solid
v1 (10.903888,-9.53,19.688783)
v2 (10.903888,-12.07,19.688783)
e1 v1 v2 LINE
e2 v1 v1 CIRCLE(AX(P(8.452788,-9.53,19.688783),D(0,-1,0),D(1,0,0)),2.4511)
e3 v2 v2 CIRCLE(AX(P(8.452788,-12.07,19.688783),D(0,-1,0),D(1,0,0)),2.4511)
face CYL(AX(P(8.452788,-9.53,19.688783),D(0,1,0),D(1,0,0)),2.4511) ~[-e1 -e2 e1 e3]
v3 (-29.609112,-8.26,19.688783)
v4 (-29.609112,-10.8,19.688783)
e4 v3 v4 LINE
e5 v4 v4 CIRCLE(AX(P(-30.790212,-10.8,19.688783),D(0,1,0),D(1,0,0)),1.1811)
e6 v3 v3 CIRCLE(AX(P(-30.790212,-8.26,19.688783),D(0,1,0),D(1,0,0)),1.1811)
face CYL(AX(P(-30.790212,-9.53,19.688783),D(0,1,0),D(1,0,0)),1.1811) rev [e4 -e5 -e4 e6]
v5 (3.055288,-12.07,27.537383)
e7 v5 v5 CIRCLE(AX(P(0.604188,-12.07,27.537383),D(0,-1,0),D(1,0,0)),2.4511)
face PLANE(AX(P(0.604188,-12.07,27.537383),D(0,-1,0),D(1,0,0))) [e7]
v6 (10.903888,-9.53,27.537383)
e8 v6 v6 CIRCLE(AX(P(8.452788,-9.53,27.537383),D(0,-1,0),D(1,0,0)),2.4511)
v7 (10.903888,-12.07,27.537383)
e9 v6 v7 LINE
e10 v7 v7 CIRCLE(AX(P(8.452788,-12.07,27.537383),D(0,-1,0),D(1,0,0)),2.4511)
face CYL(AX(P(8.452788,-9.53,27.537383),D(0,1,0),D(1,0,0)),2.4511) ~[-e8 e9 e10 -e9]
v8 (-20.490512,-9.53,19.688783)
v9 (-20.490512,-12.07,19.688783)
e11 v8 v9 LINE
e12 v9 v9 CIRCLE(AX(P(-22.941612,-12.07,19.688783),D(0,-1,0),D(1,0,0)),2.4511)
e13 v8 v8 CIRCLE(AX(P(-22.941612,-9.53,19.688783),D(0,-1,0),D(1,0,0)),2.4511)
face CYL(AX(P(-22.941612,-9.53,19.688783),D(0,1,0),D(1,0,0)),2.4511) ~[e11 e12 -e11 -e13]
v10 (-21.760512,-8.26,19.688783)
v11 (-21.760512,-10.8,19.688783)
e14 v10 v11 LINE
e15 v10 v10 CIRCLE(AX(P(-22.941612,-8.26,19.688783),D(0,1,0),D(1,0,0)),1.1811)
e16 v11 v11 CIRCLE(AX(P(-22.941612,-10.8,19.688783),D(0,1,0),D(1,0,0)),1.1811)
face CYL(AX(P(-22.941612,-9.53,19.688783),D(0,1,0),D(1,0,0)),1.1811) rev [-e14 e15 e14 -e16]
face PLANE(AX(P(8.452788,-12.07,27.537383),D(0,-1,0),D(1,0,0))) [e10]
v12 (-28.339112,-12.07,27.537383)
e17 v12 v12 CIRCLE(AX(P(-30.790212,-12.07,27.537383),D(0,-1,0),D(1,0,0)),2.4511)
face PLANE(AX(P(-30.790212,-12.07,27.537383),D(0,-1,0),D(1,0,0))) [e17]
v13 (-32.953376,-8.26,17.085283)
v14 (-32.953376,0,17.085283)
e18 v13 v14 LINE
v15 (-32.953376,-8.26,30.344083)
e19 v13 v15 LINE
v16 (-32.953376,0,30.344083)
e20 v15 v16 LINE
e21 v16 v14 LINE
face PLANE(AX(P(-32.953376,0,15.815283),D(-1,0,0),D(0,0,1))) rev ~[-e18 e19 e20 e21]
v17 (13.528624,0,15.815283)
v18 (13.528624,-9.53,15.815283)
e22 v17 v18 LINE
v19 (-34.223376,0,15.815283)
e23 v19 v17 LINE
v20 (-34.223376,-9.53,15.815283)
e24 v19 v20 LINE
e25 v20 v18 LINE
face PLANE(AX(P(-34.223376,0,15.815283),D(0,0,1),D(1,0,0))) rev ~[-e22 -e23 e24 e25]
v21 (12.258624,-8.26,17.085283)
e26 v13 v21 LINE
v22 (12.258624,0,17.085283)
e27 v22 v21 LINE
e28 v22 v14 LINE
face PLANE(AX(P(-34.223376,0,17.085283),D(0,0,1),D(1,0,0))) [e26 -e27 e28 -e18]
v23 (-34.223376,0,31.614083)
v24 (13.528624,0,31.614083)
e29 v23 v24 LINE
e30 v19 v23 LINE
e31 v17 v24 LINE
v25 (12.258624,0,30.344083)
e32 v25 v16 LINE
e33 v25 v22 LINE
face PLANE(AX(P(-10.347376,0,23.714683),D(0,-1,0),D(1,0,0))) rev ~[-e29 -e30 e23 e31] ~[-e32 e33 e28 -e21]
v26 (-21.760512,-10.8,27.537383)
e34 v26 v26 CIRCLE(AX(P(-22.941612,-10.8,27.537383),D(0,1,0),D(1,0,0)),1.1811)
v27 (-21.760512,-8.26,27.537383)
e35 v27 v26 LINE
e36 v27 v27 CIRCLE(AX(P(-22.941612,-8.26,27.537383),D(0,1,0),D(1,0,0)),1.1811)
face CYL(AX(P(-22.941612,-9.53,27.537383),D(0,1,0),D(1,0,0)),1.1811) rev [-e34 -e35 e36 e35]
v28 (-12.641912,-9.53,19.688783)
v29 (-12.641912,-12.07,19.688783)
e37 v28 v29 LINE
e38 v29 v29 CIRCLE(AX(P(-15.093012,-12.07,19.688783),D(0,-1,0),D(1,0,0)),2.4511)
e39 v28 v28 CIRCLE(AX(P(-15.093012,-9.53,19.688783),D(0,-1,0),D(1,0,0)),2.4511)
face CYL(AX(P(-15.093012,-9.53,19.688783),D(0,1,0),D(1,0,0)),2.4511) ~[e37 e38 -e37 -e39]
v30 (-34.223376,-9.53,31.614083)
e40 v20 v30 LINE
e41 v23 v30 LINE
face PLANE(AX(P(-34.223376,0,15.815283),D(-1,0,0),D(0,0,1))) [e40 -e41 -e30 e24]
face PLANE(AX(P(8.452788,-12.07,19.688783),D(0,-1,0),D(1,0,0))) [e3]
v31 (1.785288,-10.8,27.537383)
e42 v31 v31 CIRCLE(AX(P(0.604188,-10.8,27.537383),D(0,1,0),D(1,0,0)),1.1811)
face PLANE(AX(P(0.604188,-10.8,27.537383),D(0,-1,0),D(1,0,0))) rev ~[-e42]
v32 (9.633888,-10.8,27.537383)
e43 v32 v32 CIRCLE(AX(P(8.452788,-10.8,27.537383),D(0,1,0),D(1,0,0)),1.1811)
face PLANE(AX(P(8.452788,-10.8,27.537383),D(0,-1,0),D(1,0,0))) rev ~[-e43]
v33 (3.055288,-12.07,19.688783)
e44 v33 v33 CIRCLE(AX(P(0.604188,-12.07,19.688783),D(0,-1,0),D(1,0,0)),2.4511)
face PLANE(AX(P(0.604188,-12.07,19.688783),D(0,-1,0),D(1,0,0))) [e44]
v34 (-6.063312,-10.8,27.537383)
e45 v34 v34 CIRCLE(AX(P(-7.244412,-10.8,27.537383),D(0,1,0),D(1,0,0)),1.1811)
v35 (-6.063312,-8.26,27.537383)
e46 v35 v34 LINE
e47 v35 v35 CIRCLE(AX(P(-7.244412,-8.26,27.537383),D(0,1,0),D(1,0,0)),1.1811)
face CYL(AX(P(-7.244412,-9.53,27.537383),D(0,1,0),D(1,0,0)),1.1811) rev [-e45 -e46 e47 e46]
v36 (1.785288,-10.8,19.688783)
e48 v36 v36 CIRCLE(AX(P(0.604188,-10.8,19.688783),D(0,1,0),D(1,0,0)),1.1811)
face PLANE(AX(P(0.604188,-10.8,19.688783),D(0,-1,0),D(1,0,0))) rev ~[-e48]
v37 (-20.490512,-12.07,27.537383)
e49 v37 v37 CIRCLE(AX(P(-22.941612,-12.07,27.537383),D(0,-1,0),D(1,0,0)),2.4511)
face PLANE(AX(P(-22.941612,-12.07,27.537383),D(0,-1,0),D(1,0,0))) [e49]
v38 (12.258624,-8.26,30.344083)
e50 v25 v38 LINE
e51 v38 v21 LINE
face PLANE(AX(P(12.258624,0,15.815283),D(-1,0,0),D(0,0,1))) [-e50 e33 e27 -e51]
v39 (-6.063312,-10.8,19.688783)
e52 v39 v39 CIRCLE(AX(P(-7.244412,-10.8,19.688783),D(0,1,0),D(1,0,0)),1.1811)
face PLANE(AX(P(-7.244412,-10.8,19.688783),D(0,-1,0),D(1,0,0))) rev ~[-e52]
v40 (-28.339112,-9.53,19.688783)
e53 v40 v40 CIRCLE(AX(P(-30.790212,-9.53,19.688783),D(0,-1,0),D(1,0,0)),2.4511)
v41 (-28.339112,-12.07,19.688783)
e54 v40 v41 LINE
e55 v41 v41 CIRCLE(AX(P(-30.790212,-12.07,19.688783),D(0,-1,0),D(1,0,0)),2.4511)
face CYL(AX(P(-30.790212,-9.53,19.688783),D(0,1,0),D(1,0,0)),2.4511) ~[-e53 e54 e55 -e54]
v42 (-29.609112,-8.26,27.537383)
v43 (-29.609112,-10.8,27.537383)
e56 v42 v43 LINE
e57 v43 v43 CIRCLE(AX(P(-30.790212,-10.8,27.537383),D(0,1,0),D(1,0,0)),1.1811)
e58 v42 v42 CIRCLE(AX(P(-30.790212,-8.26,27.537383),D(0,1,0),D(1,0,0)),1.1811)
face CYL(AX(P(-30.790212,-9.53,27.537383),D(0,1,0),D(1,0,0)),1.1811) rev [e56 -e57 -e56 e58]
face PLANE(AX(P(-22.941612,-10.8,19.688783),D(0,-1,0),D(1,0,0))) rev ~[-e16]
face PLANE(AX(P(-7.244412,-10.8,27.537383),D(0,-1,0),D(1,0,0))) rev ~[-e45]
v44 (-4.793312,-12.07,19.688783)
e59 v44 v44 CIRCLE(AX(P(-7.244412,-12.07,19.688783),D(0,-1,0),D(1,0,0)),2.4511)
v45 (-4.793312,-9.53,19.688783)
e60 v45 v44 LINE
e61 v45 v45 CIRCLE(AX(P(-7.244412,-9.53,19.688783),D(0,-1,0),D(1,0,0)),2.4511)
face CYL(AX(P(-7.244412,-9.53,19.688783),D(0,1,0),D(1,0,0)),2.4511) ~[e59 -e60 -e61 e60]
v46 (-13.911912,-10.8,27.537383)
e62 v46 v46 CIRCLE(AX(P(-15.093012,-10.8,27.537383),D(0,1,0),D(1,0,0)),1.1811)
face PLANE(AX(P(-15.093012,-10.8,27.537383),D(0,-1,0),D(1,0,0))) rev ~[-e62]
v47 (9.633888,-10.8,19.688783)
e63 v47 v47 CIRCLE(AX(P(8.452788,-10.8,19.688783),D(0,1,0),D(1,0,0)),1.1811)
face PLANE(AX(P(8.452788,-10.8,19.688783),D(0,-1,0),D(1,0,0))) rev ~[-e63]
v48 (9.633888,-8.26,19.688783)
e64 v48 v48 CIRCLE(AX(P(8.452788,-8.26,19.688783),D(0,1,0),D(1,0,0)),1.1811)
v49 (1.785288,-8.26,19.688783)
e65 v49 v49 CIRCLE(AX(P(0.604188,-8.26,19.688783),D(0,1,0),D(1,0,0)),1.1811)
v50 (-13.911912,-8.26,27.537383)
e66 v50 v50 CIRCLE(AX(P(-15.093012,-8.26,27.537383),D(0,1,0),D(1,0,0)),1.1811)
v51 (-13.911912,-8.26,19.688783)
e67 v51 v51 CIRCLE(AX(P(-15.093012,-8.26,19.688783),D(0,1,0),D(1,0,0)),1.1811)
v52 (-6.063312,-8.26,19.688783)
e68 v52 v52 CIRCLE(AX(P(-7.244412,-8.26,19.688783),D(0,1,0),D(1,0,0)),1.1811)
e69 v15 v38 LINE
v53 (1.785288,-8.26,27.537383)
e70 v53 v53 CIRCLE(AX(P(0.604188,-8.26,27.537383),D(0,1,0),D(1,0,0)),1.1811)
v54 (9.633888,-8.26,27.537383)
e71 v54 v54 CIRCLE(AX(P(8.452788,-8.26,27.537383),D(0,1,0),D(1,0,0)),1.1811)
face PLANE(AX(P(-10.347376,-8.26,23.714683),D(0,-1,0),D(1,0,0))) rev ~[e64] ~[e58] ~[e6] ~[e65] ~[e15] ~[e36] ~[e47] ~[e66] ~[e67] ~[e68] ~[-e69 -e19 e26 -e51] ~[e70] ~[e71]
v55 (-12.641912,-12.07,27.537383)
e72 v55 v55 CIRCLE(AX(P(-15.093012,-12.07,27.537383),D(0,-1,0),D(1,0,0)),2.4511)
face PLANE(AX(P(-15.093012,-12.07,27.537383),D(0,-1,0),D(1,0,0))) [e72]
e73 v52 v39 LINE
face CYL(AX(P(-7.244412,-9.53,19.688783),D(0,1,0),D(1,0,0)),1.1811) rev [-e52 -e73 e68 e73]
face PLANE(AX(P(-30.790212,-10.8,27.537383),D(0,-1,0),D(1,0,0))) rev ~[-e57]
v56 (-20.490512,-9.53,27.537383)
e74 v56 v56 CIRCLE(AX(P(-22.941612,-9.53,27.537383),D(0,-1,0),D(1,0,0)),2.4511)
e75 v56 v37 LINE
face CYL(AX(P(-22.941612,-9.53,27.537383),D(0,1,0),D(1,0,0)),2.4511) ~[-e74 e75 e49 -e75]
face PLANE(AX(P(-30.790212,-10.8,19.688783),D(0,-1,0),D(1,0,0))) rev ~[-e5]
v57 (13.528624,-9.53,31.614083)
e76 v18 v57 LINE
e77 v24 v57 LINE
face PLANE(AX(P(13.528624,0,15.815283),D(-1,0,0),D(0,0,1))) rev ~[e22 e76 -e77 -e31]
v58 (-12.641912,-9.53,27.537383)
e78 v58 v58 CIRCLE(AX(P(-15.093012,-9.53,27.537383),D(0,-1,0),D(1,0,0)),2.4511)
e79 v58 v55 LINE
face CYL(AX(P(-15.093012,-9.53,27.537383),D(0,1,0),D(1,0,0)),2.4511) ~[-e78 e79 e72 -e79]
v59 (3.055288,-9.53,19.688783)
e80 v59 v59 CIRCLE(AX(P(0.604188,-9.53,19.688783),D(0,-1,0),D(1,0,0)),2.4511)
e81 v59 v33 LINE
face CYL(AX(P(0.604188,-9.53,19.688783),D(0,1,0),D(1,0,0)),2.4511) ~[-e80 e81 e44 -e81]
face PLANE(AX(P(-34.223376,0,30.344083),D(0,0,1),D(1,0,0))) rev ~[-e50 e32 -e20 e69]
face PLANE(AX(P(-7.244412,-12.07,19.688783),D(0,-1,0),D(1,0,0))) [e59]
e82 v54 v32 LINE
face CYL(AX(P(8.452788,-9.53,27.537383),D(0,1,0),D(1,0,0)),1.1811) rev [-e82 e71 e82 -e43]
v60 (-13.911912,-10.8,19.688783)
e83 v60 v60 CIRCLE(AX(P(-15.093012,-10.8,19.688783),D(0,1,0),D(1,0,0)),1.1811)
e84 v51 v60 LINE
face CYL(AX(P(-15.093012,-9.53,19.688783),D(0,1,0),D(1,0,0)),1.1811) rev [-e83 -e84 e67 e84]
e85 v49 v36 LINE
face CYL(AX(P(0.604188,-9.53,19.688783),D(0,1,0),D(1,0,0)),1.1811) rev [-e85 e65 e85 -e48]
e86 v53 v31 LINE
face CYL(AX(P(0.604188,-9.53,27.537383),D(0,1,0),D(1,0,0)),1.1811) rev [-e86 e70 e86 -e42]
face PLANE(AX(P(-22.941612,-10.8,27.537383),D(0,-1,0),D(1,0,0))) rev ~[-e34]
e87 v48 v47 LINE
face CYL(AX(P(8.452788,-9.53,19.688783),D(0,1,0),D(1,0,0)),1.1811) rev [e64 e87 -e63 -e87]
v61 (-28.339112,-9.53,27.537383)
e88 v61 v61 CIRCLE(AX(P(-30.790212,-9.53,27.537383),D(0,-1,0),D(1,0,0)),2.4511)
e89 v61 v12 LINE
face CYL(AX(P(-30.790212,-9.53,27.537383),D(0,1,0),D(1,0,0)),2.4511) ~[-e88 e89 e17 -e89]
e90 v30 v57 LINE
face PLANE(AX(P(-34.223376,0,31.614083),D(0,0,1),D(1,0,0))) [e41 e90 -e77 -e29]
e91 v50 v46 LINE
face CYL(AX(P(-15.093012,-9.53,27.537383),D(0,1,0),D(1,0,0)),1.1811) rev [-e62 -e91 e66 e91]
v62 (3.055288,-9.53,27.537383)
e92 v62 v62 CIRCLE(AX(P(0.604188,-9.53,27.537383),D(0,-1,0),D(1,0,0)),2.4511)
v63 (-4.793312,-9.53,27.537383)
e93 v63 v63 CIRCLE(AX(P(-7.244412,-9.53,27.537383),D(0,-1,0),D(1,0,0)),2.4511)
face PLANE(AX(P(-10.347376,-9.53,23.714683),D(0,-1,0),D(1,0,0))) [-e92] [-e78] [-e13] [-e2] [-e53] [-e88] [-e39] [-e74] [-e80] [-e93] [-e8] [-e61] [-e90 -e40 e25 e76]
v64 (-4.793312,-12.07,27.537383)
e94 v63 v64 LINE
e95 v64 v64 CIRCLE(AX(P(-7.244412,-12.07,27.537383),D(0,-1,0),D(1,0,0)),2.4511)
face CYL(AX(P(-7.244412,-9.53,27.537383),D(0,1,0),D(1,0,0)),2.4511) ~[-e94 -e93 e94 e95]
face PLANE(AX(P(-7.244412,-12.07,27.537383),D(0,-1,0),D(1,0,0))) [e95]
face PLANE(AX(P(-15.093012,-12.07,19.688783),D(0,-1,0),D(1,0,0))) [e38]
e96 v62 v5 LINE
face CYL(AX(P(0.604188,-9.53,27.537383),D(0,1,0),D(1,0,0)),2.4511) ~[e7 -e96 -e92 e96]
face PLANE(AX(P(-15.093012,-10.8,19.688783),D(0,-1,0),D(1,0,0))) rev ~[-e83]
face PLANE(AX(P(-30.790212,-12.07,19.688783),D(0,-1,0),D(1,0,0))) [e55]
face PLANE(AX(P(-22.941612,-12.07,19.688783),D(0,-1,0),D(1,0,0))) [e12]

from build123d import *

# Parameters (mm, degrees)
F0_W     = 47.752
F0_H     = 15.7988
F1_DEPTH = 9.53
F2_R     = 2.4511
F3_DEPTH = 2.54
F4_T     = -1.27


with BuildPart() as f1:
    # F0 (on Front) → F1 (new body)
    with BuildSketch(Plane.XZ):
        with Locations((-10.3473756462, 23.7146833966)):
            Rectangle(F0_W, F0_H)
    extrude(amount=F1_DEPTH)

    # F2 (on face) → F3 (join)
    with BuildSketch(Plane.XZ.offset(9.53)):
        with Locations((8.4527879953, 27.5373833966)):
            Circle(F2_R)
        with Locations((8.4527879953, 19.6887833966)):
            Circle(F2_R)
        with Locations((0.6041879953, 27.5373833966)):
            Circle(F2_R)
        with Locations((0.6041879953, 19.6887833966)):
            Circle(F2_R)
        with Locations((-7.2444120047, 27.5373833966)):
            Circle(F2_R)
        with Locations((-7.2444120047, 19.6887833966)):
            Circle(F2_R)
        with Locations((-15.0930120047, 27.5373833966)):
            Circle(F2_R)
        with Locations((-15.0930120047, 19.6887833966)):
            Circle(F2_R)
        with Locations((-22.9416120047, 27.5373833966)):
            Circle(F2_R)
        with Locations((-22.9416120047, 19.6887833966)):
            Circle(F2_R)
        with Locations((-30.7902120047, 27.5373833966)):
            Circle(F2_R)
        with Locations((-30.7902120047, 19.6887833966)):
            Circle(F2_R)
    extrude(amount=F3_DEPTH)

    # F4
    f4_openings = [f1.faces().sort_by_distance(p)[0] for p in [
        (-10.347376, 0, 23.714683),
    ]]
    offset(amount=F4_T, openings=f4_openings, kind=Kind.INTERSECTION)


solid = f1.part
